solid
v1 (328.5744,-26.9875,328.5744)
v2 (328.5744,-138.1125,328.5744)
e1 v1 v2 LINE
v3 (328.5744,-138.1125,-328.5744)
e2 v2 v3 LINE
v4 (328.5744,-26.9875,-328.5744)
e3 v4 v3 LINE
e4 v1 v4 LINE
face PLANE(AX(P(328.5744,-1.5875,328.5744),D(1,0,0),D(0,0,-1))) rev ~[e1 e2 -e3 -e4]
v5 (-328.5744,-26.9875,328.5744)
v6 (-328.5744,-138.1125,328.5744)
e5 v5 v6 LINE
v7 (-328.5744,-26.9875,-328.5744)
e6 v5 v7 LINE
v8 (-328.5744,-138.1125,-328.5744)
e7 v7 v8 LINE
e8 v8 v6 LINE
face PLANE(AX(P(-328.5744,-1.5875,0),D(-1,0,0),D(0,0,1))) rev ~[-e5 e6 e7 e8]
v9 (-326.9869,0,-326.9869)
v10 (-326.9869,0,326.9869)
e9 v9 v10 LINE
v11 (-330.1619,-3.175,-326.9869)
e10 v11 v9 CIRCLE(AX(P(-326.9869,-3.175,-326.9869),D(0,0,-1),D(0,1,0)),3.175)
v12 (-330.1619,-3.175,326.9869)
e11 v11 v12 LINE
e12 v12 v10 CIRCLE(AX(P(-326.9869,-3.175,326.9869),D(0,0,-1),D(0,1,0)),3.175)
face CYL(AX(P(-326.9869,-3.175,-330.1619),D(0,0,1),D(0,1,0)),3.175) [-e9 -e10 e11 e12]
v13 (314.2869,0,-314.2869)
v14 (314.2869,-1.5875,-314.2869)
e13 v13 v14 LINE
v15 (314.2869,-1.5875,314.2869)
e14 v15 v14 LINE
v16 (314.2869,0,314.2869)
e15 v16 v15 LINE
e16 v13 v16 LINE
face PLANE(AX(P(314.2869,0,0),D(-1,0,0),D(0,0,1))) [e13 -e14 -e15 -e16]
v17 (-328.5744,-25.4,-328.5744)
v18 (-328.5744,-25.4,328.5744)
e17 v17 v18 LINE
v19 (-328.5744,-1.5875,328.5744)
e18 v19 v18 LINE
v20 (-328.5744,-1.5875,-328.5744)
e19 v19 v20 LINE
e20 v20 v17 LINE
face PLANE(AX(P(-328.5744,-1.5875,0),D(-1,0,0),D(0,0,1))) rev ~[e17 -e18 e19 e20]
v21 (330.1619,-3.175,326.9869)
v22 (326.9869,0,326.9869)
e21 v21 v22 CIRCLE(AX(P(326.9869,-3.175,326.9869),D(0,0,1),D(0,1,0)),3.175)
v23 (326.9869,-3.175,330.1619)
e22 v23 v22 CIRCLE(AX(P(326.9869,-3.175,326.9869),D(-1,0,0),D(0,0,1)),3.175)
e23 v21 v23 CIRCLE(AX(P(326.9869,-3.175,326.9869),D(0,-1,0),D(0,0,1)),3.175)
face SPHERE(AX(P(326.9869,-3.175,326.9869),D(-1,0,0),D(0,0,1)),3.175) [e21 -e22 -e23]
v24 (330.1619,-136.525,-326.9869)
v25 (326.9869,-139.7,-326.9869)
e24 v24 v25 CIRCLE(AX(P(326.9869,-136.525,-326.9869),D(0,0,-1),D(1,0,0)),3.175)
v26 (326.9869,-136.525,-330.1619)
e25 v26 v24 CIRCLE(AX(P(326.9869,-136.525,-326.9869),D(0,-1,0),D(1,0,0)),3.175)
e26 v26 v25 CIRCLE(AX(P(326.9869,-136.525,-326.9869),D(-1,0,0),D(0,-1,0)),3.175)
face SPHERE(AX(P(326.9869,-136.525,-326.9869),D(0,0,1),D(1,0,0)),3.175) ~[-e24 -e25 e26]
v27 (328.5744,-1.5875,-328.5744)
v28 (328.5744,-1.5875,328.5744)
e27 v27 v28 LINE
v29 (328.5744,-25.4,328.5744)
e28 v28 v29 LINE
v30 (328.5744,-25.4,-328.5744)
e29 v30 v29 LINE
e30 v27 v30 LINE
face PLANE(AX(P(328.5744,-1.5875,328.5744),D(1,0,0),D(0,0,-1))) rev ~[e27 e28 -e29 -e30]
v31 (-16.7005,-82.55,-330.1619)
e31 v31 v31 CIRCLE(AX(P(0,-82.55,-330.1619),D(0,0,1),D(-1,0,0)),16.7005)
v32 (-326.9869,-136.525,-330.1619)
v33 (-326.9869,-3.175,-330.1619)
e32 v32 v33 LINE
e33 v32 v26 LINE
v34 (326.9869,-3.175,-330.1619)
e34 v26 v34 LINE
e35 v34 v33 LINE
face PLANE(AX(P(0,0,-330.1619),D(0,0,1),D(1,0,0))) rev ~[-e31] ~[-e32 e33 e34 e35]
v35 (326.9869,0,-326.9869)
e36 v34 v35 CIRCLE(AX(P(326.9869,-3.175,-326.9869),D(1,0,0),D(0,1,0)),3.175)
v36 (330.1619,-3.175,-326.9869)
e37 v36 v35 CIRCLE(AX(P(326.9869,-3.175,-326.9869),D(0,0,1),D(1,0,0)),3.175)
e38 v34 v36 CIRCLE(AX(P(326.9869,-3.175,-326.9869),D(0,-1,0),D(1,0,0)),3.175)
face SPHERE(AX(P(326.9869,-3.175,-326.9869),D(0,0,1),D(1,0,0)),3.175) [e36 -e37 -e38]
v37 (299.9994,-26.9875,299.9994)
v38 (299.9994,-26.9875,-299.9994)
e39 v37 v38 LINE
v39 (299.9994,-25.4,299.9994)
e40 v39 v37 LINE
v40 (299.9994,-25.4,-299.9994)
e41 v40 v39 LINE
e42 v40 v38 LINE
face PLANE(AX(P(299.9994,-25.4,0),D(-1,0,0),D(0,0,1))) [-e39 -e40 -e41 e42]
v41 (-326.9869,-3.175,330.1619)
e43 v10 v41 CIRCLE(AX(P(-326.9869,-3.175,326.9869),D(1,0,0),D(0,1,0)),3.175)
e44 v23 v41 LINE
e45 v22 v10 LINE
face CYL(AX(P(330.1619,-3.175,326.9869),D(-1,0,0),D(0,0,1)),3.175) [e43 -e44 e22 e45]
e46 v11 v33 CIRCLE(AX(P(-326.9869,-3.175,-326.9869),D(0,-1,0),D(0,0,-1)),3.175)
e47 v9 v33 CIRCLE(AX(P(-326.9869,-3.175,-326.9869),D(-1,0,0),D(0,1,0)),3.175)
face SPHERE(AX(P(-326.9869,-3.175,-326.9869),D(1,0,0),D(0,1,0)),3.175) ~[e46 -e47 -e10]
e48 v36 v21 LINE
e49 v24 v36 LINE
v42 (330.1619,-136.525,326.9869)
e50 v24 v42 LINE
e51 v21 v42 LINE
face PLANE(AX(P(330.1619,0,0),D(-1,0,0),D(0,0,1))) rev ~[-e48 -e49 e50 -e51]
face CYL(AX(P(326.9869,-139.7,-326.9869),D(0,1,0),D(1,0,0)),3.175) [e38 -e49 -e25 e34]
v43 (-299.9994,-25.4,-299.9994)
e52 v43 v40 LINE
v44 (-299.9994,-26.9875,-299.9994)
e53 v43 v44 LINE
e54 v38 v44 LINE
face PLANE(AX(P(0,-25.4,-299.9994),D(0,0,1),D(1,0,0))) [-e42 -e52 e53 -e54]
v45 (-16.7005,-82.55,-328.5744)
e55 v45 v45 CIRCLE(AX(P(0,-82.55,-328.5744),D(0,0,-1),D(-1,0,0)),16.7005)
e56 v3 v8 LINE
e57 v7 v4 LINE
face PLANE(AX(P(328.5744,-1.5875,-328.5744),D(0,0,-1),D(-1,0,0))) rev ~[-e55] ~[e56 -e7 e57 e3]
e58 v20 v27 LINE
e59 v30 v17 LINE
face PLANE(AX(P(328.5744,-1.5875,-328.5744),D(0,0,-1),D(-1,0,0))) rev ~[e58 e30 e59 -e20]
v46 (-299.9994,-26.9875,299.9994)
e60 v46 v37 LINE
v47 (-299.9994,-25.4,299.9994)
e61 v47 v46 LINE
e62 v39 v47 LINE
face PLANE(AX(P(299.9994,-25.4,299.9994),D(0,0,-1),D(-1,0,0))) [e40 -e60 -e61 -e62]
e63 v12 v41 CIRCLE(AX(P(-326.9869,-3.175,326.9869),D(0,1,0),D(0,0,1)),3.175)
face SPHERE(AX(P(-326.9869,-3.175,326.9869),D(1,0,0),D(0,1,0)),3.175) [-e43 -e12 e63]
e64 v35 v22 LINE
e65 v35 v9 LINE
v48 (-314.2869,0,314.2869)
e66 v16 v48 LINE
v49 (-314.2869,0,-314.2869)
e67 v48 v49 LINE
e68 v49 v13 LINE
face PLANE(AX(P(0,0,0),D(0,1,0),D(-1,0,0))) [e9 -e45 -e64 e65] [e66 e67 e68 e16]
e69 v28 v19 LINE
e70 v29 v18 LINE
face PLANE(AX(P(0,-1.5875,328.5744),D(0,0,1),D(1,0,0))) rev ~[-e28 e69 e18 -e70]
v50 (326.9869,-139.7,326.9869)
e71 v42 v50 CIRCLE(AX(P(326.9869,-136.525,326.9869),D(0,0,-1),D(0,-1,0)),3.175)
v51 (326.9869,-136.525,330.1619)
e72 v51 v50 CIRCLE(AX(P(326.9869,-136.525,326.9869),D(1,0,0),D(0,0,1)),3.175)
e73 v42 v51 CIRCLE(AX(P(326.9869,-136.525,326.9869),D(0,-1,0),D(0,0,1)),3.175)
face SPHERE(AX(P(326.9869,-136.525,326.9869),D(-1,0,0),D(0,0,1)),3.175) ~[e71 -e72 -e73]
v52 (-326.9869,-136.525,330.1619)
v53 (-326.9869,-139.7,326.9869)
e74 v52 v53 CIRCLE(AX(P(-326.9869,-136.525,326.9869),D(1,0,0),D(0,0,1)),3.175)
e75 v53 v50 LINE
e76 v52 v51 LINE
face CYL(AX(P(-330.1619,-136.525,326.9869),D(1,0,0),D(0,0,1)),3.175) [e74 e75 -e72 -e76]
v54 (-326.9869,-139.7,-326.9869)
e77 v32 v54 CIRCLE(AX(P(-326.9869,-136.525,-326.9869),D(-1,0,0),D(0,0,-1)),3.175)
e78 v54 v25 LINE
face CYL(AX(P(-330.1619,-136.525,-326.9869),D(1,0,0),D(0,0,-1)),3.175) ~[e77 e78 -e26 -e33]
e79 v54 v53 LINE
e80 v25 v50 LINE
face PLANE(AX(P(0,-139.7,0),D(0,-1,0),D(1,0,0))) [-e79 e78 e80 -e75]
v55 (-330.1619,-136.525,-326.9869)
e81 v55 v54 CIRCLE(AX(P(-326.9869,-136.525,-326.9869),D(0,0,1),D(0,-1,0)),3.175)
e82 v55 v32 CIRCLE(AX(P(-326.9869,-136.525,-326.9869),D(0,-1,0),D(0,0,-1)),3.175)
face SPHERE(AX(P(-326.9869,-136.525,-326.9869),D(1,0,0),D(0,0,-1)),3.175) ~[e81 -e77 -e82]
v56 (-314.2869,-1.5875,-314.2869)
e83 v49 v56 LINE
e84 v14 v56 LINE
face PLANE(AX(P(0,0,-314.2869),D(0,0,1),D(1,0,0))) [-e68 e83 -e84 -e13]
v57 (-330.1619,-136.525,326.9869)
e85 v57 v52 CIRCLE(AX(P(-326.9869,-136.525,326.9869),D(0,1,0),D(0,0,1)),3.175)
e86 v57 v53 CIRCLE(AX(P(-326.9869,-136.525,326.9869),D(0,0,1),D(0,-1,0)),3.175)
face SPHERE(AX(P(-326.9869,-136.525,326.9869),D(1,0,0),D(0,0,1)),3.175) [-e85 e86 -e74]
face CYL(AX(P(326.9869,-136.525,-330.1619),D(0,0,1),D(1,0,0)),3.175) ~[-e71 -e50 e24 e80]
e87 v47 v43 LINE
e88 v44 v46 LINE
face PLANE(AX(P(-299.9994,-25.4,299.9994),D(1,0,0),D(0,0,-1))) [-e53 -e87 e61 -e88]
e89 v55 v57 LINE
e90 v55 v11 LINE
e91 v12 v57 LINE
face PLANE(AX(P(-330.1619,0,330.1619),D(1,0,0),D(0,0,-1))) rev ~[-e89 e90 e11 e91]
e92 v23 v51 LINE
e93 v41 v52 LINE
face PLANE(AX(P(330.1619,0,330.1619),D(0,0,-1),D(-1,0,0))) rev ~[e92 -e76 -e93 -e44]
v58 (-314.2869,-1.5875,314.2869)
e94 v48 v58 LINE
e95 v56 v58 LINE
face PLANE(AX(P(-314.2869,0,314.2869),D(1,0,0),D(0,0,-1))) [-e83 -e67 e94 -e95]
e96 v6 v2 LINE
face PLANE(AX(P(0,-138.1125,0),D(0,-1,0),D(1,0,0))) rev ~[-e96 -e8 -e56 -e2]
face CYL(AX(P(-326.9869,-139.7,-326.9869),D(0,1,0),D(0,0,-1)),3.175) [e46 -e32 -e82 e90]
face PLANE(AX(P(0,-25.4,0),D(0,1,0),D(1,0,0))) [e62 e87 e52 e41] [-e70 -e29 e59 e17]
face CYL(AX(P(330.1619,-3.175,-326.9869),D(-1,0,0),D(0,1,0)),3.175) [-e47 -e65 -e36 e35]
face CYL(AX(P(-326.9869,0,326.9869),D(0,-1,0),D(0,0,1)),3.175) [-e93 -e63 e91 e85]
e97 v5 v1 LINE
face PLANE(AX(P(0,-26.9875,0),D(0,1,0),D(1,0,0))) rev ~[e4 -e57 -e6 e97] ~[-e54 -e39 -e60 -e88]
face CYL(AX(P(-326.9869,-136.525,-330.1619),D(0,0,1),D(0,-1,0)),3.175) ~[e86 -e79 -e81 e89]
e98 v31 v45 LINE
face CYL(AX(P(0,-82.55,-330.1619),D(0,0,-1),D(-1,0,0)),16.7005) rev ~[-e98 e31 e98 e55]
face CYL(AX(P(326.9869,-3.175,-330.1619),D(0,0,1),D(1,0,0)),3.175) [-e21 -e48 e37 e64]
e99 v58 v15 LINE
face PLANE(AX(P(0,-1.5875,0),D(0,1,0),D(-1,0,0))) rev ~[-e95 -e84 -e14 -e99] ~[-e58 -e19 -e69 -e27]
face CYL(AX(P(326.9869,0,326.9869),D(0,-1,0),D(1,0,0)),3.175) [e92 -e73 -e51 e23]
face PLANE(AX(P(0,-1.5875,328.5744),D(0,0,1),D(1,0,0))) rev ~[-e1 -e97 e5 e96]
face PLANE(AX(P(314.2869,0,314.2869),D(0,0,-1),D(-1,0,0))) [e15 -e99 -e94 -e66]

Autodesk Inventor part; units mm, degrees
ref_plane "YZ Plane" through (0, 0, 0) normal (1, 0, 0) x (0, 1, 0)
ref_plane "XZ Plane" through (0, 0, 0) normal (0, 1, 0) x (-1, 0, 0)
sketch "Sketch1" plane through (0, 0, 0) normal (0, 1, 0) x (-1, 0, 0)
  line L0 (-462.2267, 0) -> (462.2267, 0) projected
  line L1 (0, -462.2267) -> (0, 462.2267) projected
  line L2 (-330.1619, 330.1619) -> (330.1619, 330.1619)
  line L3 (330.1619, 330.1619) -> (330.1619, -330.1619)
  line L4 (330.1619, -330.1619) -> (-330.1619, -330.1619)
  line L5 (-330.1619, -330.1619) -> (-330.1619, 330.1619)
  line L6 (462.2267, 0) -> (-462.2267, 0) projected
  line L7 (0, -462.2267) -> (0, 462.2267) projected
  line L8 (314.2869, -314.2869) -> (-314.2869, -314.2869)
  line L9 (-314.2869, -314.2869) -> (-314.2869, 314.2869)
  line L10 (-314.2869, 314.2869) -> (314.2869, 314.2869)
  line L11 (314.2869, 314.2869) -> (314.2869, -314.2869)
  point P0 (0, 0)
  dimension "d0" = 660.3238
  dimension "d2" = 660.3238
  dimension "d123" = 15.875
  dimension "d124" = 15.875
extrude "Extrusion1" add sketch "Sketch1" against normal blind 1.5875 contours L5 L2 L1 L10 L9 L0 | L0 L9 L8 L1 L4 L5 | L1 L8 L11 L0 L3 L4 | L2 L3 L0 L11 L10 L1
sketch "Sketch2" plane through (0, -1.5875, 0) normal (0, -1, 0) x (1, 0, 0)
  line L0 (330.1619, 330.1619) -> (-330.1619, 330.1619) projected
  line L1 (-330.1619, 330.1619) -> (-330.1619, -330.1619) projected
  line L2 (-330.1619, -330.1619) -> (330.1619, -330.1619) projected
  line L3 (330.1619, -330.1619) -> (330.1619, 330.1619) projected
  line L4 (-314.2869, -314.2869) -> (-314.2869, 314.2869) projected
  line L5 (-314.2869, 314.2869) -> (314.2869, 314.2869) projected
  line L6 (314.2869, 314.2869) -> (314.2869, -314.2869) projected
  line L7 (314.2869, -314.2869) -> (-314.2869, -314.2869) projected
  line L8 (330.1619, 330.1619) -> (-330.1619, 330.1619) projected
  line L9 (-330.1619, 330.1619) -> (-330.1619, -330.1619) projected
  line L10 (-330.1619, -330.1619) -> (330.1619, -330.1619) projected
  line L11 (330.1619, -330.1619) -> (330.1619, 330.1619) projected
  line L12 (0, -462.2267) -> (0, 462.2267) projected
  line L13 (-462.2267, 0) -> (462.2267, 0) projected
  line L14 (-328.5744, 328.5744) -> (328.5744, 328.5744)
  line L15 (328.5744, 328.5744) -> (328.5744, -328.5744)
  line L16 (328.5744, -328.5744) -> (-328.5744, -328.5744)
  line L17 (-328.5744, -328.5744) -> (-328.5744, 328.5744)
  point P0 (0, 0)
  dimension "d7" = 1.5875
  dimension "d8" = 1.5875
extrude "Extrusion2" add sketch "Sketch2" along normal blind 136.525 contours L3 L13 L15 L14 L12 L0 | L12 L14 L17 L13 L1 L0 | L3 L2 L12 L16 L15 L13 | L13 L17 L16 L12 L2 L1
sketch "Sketch3" plane through (0, -138.1125, 0) normal (0, -1, 0) x (1, 0, 0)
  line L0 (-462.2267, 0) -> (462.2267, 0) projected
  line L1 (0, -462.2267) -> (0, 462.2267) projected
  line L2 (-330.1619, 330.1619) -> (330.1619, 330.1619)
  line L3 (330.1619, 330.1619) -> (330.1619, -330.1619)
  line L4 (330.1619, -330.1619) -> (-330.1619, -330.1619)
  line L5 (-330.1619, -330.1619) -> (-330.1619, 330.1619)
  point P0 (0, 0)
extrude "Extrusion3" add sketch "Sketch3" along normal blind 1.5875
ref_plane "Work Plane1" through (0, -25.4, 0) normal (0, 1, 0) x (1, 0, 0)
sketch "Sketch4" plane through (0, -25.4, 0) normal (0, 1, 0) x (1, 0, 0)
  line L0 (328.5744, -328.5744) -> (328.5744, 328.5744) projected
  line L1 (328.5744, 328.5744) -> (-328.5744, 328.5744) projected
  line L2 (-328.5744, 328.5744) -> (-328.5744, -328.5744) projected
  line L3 (-328.5744, -328.5744) -> (328.5744, -328.5744) projected
  line L4 (-330.1619, -330.1619) -> (-330.1619, 330.1619) projected
  line L5 (-330.1619, 330.1619) -> (330.1619, 330.1619) projected
  line L6 (330.1619, 330.1619) -> (330.1619, -330.1619) projected
  line L7 (330.1619, -330.1619) -> (-330.1619, -330.1619) projected
  line L8 (-299.9994, 299.9994) -> (299.9994, 299.9994)
  line L9 (299.9994, 299.9994) -> (299.9994, -299.9994)
  line L10 (299.9994, -299.9994) -> (-299.9994, -299.9994)
  line L11 (-299.9994, -299.9994) -> (-299.9994, 299.9994)
  line L12 (462.2267, 0) -> (-462.2267, 0) projected
  line L13 (0, 462.2267) -> (0, -462.2267) projected
  point P0 (0, 0)
  dimension "d121" = 30.1625
  dimension "d122" = 30.1625
extrude "Extrusion4" add sketch "Sketch4" against normal blind 1.5875 contours L3 L13 L10 L9 L12 L0 | L12 L9 L8 L13 L1 L0 | L3 L2 L12 L11 L10 L13 | L13 L8 L11 L12 L2 L1
fillet "Fillet1" radius 3.175 12 edges at (0, 0, 330.1619) (0, -139.7, 330.1619) (330.1619, -69.85, 330.1619) (330.1619, -139.7, 0) (330.1619, 0, 0) (330.1619, -69.85, -330.1619) (0, 0, -330.1619) (-330.1619, 0, 0) (-330.1619, -69.85, 330.1619) (0, -139.7, -330.1619) (-330.1619, -69.85, -330.1619) (-330.1619, -139.7, 0)
sketch "Sketch5" plane through (330.1619, 0, -330.1619) normal (0, 0, -1) x (-1, 0, 0)
  line L0 (660.3238, -139.7) -> (0, -139.7) projected
  line L1 (330.1619, -167.64) -> (330.1619, 27.94) projected
  circle A0 centre (330.1619, -82.55) radius 16.7005
  line L2 (657.1488, 0) -> (3.175, 0) projected
  line L3 (3.175, -139.7) -> (657.1488, -139.7) projected
  point P0 (330.1619, 0)
  dimension "d74" = 57.15
  dimension "d75" = 33.401
extrude "Extrusion10" cut sketch "Sketch5" against normal up to surface (1.5875 mm away)
sketch "Sketch6" plane through (-328.5744, -138.1125, -328.5744) normal (0, 0, 1) x (1, 0, 0)
  circle A0 centre (298.4119, 42.8625) radius 15.875 projected
  circle A1 centre (298.4119, 42.8625) radius 15.875
  circle A2 centre (298.4119, 42.8625) radius 12.7
  point P0 (328.5744, 138.1125)
  dimension "d83" = 25.4
sketch "Sketch7" plane through (330.1619, -136.525, 326.9869) normal (1, 0, 0) x (0, 0, -1)
  line L0 (653.9738, 136.525) -> (0, 136.525) projected
  line L1 (326.9869, -31.115) -> (326.9869, 164.465) projected
  circle A0 centre (55.5752, 120.65) radius 3.175
  line L2 (-1.5875, 134.9375) -> (-1.5875, 111.125) projected
  line L3 (-3.175, 133.35) -> (-3.175, 0) projected
  circle A1 centre (598.3986, 120.65) radius 3.175
  point P0 (326.9869, 136.525)
  dimension "d91" = 6.35
  dimension "d95" = 58.7502
  dimension "d96" = 15.875
properties part number "Propane Burner" material "Steel"
